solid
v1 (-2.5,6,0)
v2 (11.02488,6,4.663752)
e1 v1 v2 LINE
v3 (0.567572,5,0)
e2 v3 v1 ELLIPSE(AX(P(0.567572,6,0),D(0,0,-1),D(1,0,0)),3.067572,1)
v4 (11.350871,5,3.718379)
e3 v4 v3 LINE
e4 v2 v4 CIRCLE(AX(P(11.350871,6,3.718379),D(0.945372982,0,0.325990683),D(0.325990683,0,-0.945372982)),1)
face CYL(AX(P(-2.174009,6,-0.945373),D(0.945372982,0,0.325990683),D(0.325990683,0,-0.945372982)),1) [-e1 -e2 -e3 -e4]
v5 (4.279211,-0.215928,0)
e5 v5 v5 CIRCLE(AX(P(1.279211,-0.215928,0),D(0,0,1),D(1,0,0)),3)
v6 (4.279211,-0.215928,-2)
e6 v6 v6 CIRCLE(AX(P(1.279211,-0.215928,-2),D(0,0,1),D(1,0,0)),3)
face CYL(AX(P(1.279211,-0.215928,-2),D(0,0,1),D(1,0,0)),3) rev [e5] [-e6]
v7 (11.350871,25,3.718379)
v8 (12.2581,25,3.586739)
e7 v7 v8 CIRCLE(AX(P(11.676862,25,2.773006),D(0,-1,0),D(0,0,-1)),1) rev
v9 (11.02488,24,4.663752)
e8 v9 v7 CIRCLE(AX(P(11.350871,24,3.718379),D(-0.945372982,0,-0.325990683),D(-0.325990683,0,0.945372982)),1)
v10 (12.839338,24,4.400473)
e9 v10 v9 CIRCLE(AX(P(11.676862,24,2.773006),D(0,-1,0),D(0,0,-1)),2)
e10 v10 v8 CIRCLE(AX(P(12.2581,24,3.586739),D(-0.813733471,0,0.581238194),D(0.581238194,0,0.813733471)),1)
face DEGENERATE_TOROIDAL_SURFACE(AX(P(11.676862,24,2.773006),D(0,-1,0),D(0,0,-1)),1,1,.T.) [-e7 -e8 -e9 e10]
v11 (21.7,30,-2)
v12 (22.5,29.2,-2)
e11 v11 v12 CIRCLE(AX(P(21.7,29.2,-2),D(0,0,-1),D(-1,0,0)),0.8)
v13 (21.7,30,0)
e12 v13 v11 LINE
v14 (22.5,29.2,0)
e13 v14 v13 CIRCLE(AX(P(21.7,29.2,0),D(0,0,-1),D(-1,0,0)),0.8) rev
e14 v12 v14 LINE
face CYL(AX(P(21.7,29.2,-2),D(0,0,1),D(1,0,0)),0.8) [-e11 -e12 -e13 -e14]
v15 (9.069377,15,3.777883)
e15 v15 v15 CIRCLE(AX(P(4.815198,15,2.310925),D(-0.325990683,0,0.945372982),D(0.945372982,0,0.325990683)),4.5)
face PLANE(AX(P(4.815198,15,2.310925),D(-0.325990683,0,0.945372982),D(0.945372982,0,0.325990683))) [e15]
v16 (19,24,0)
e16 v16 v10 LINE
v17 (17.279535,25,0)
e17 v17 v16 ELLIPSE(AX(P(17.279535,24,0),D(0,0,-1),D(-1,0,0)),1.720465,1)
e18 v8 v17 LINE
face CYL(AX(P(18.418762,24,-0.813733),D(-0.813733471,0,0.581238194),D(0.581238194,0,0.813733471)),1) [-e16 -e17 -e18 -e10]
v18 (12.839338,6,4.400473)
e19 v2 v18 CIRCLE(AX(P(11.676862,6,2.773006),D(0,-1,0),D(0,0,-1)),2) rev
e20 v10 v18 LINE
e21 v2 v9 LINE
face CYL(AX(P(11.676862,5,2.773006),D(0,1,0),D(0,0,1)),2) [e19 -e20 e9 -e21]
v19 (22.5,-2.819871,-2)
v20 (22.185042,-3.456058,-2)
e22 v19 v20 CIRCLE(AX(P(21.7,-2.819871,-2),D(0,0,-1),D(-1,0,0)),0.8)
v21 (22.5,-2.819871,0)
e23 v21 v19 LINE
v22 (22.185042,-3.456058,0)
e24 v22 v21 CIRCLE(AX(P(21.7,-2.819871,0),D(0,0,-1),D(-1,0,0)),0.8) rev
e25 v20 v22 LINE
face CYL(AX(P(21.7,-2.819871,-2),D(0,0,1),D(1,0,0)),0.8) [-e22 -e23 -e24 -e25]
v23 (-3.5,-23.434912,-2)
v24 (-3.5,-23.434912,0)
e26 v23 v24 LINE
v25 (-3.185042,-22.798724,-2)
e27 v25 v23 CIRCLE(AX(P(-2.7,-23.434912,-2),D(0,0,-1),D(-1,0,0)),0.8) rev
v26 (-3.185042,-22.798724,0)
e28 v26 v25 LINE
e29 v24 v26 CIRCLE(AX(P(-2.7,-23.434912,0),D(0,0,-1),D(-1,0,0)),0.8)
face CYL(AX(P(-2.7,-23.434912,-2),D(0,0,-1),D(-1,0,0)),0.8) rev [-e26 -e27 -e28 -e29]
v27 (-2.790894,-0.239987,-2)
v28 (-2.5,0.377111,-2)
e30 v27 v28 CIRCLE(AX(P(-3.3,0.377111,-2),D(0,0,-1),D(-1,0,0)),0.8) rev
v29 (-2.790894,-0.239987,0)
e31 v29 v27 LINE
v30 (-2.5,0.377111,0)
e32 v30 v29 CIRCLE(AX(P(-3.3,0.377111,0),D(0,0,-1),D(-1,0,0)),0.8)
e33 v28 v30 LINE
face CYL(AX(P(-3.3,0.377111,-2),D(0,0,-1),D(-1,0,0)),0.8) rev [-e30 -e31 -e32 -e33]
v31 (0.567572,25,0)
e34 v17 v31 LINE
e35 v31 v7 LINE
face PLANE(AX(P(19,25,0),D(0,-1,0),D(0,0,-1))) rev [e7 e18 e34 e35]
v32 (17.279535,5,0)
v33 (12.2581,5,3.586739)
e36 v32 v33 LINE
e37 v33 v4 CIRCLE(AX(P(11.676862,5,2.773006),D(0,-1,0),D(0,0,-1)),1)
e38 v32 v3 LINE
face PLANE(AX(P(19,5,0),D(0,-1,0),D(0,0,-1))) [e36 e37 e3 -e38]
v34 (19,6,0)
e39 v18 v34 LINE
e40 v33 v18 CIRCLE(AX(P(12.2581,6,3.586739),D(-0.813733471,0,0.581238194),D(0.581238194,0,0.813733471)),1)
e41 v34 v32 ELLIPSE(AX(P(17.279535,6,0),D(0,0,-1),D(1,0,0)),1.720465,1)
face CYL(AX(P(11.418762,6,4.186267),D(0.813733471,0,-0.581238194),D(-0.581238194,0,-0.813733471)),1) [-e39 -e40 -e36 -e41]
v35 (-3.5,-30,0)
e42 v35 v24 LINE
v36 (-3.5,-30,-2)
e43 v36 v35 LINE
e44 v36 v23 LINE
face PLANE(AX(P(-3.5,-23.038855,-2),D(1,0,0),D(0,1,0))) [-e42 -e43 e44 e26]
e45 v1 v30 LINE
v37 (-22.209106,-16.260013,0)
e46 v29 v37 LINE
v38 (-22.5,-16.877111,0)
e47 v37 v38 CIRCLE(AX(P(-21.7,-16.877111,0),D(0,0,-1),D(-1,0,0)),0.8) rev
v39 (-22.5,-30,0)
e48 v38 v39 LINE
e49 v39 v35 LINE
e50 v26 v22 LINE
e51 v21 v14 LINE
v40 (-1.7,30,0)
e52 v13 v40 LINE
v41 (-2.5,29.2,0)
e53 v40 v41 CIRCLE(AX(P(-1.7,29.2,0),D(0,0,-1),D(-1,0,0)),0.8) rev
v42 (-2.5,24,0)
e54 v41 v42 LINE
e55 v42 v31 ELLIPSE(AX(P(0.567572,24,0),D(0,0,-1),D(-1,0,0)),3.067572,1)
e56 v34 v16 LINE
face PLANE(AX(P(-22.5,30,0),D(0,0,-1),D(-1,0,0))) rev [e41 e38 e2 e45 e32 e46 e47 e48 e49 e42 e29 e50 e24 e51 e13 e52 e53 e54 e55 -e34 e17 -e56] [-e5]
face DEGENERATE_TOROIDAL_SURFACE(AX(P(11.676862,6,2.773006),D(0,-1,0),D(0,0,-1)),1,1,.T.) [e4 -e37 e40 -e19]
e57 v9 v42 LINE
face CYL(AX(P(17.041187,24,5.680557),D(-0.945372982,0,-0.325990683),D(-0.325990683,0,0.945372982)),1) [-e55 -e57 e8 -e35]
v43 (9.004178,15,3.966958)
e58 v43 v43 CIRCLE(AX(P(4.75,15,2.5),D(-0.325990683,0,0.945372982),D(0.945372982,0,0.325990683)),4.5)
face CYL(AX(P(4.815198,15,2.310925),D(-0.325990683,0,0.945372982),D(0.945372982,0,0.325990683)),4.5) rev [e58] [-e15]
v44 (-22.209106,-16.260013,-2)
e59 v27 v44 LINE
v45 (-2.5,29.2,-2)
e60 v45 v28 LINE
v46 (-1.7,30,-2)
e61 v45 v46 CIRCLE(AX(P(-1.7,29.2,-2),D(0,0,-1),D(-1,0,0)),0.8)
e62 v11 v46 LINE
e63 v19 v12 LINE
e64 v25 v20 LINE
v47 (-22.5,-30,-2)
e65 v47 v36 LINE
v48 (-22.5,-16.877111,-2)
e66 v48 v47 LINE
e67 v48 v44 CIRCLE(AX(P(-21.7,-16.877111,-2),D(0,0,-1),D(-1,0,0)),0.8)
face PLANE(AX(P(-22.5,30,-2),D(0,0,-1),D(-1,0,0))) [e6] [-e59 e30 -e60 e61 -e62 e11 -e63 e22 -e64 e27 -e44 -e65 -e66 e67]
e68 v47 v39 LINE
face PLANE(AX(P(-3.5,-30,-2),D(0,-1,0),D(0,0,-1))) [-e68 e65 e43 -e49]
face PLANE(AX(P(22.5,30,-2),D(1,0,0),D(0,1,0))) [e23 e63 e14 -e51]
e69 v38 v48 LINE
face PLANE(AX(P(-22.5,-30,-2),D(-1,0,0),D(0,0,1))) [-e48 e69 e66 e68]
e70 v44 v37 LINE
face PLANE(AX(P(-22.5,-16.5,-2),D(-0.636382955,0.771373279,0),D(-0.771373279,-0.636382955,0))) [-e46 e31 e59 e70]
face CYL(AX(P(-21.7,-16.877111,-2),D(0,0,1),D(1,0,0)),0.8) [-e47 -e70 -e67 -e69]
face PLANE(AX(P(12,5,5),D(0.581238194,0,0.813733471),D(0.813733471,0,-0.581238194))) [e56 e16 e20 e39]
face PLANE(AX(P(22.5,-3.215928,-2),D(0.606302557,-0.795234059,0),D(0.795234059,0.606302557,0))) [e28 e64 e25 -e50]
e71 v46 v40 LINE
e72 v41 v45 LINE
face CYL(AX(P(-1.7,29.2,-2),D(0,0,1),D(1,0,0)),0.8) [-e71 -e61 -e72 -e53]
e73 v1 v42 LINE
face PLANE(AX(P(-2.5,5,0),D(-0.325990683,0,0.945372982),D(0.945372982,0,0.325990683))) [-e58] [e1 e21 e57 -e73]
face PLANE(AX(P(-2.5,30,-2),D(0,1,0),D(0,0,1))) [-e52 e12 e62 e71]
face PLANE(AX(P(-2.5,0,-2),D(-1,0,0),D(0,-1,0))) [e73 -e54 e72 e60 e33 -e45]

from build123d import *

# Parameters (mm, degrees)
BOSS_EXTRUDE1_DEPTH = 2
BOSS_EXTRUDE3_DEPTH = 20
SKETCH7_R           = 4.5
CUT_EXTRUDE1_DEPTH  = 0.2
SKETCH8_R           = 3
CUT_EXTRUDE2_DEPTH  = 38.831864876
FILLET3_R           = 2
FILLET4_R           = 1
FILLET5_R           = 0.8


with BuildPart() as part:
    # Sketch1 → Boss-Extrude1 (new body)
    with BuildSketch(Plane.XY):
        Polygon((-2.5, 30), (22.5, 30), (22.5, -3.215927905), (-3.5, -23.03885463), (-3.5, -30), (-22.5, -30), (-22.5, -16.5), (-2.5, 0), align=None)
    extrude(amount=-BOSS_EXTRUDE1_DEPTH)

    # Sketch6 → Boss-Extrude3 (add)
    with BuildSketch(Plane(origin=(0, 25, 0), x_dir=(-1, 0, 0), z_dir=(0, 1, 0))):
        Polygon((2.5, 0), (-12, 5), (-19, 0), align=None)
    extrude(amount=-BOSS_EXTRUDE3_DEPTH)

    # Sketch7 → Cut-Extrude1 (cut)
    with BuildSketch(Plane(origin=(-0.265674814, 0, 0.770456961), x_dir=(0.9453729816262723, 0, 0.3259906833194039), z_dir=(-0.3259906833194039, 0, 0.9453729816262723))):
        with Locations((5.305498371, 15)):
            Circle(SKETCH7_R)
    extrude(amount=-CUT_EXTRUDE1_DEPTH, mode=Mode.SUBTRACT)

    # Sketch8 → Cut-Extrude2 (cut, through all)
    with BuildSketch(Plane.XY):
        with Locations((1.279211248, -0.215927905)):
            Circle(SKETCH8_R)
    extrude(amount=-CUT_EXTRUDE2_DEPTH, mode=Mode.SUBTRACT)

    # Fillet3
    fillet3_edges = [part.edges().sort_by_distance(p)[0] for p in [
        (12, 15, 5),
    ]]
    fillet(fillet3_edges, radius=FILLET3_R)

    # Fillet4
    fillet4_edges = [part.edges().sort_by_distance(p)[0] for p in [
        (11.964055432, 5, 4.752278398),
        (15.919669033, 5, 2.200236405),
        (4.262440156, 5, 2.331875916),
        (4.262440156, 25, 2.331875916),
        (11.964055432, 25, 4.752278398),
        (15.919669033, 25, 2.200236405),
    ]]
    fillet(fillet4_edges, radius=FILLET4_R)

    # Fillet5
    fillet5_edges = [part.edges().sort_by_distance(p)[0] for p in [
        (-2.5, 0, -1),
        (-22.5, -16.5, -1),
        (-3.5, -23.03885463, -1),
        (22.5, -3.215927905, -1),
        (-2.5, 30, -1),
        (22.5, 30, -1),
    ]]
    fillet(fillet5_edges, radius=FILLET5_R)


solid = part.part
